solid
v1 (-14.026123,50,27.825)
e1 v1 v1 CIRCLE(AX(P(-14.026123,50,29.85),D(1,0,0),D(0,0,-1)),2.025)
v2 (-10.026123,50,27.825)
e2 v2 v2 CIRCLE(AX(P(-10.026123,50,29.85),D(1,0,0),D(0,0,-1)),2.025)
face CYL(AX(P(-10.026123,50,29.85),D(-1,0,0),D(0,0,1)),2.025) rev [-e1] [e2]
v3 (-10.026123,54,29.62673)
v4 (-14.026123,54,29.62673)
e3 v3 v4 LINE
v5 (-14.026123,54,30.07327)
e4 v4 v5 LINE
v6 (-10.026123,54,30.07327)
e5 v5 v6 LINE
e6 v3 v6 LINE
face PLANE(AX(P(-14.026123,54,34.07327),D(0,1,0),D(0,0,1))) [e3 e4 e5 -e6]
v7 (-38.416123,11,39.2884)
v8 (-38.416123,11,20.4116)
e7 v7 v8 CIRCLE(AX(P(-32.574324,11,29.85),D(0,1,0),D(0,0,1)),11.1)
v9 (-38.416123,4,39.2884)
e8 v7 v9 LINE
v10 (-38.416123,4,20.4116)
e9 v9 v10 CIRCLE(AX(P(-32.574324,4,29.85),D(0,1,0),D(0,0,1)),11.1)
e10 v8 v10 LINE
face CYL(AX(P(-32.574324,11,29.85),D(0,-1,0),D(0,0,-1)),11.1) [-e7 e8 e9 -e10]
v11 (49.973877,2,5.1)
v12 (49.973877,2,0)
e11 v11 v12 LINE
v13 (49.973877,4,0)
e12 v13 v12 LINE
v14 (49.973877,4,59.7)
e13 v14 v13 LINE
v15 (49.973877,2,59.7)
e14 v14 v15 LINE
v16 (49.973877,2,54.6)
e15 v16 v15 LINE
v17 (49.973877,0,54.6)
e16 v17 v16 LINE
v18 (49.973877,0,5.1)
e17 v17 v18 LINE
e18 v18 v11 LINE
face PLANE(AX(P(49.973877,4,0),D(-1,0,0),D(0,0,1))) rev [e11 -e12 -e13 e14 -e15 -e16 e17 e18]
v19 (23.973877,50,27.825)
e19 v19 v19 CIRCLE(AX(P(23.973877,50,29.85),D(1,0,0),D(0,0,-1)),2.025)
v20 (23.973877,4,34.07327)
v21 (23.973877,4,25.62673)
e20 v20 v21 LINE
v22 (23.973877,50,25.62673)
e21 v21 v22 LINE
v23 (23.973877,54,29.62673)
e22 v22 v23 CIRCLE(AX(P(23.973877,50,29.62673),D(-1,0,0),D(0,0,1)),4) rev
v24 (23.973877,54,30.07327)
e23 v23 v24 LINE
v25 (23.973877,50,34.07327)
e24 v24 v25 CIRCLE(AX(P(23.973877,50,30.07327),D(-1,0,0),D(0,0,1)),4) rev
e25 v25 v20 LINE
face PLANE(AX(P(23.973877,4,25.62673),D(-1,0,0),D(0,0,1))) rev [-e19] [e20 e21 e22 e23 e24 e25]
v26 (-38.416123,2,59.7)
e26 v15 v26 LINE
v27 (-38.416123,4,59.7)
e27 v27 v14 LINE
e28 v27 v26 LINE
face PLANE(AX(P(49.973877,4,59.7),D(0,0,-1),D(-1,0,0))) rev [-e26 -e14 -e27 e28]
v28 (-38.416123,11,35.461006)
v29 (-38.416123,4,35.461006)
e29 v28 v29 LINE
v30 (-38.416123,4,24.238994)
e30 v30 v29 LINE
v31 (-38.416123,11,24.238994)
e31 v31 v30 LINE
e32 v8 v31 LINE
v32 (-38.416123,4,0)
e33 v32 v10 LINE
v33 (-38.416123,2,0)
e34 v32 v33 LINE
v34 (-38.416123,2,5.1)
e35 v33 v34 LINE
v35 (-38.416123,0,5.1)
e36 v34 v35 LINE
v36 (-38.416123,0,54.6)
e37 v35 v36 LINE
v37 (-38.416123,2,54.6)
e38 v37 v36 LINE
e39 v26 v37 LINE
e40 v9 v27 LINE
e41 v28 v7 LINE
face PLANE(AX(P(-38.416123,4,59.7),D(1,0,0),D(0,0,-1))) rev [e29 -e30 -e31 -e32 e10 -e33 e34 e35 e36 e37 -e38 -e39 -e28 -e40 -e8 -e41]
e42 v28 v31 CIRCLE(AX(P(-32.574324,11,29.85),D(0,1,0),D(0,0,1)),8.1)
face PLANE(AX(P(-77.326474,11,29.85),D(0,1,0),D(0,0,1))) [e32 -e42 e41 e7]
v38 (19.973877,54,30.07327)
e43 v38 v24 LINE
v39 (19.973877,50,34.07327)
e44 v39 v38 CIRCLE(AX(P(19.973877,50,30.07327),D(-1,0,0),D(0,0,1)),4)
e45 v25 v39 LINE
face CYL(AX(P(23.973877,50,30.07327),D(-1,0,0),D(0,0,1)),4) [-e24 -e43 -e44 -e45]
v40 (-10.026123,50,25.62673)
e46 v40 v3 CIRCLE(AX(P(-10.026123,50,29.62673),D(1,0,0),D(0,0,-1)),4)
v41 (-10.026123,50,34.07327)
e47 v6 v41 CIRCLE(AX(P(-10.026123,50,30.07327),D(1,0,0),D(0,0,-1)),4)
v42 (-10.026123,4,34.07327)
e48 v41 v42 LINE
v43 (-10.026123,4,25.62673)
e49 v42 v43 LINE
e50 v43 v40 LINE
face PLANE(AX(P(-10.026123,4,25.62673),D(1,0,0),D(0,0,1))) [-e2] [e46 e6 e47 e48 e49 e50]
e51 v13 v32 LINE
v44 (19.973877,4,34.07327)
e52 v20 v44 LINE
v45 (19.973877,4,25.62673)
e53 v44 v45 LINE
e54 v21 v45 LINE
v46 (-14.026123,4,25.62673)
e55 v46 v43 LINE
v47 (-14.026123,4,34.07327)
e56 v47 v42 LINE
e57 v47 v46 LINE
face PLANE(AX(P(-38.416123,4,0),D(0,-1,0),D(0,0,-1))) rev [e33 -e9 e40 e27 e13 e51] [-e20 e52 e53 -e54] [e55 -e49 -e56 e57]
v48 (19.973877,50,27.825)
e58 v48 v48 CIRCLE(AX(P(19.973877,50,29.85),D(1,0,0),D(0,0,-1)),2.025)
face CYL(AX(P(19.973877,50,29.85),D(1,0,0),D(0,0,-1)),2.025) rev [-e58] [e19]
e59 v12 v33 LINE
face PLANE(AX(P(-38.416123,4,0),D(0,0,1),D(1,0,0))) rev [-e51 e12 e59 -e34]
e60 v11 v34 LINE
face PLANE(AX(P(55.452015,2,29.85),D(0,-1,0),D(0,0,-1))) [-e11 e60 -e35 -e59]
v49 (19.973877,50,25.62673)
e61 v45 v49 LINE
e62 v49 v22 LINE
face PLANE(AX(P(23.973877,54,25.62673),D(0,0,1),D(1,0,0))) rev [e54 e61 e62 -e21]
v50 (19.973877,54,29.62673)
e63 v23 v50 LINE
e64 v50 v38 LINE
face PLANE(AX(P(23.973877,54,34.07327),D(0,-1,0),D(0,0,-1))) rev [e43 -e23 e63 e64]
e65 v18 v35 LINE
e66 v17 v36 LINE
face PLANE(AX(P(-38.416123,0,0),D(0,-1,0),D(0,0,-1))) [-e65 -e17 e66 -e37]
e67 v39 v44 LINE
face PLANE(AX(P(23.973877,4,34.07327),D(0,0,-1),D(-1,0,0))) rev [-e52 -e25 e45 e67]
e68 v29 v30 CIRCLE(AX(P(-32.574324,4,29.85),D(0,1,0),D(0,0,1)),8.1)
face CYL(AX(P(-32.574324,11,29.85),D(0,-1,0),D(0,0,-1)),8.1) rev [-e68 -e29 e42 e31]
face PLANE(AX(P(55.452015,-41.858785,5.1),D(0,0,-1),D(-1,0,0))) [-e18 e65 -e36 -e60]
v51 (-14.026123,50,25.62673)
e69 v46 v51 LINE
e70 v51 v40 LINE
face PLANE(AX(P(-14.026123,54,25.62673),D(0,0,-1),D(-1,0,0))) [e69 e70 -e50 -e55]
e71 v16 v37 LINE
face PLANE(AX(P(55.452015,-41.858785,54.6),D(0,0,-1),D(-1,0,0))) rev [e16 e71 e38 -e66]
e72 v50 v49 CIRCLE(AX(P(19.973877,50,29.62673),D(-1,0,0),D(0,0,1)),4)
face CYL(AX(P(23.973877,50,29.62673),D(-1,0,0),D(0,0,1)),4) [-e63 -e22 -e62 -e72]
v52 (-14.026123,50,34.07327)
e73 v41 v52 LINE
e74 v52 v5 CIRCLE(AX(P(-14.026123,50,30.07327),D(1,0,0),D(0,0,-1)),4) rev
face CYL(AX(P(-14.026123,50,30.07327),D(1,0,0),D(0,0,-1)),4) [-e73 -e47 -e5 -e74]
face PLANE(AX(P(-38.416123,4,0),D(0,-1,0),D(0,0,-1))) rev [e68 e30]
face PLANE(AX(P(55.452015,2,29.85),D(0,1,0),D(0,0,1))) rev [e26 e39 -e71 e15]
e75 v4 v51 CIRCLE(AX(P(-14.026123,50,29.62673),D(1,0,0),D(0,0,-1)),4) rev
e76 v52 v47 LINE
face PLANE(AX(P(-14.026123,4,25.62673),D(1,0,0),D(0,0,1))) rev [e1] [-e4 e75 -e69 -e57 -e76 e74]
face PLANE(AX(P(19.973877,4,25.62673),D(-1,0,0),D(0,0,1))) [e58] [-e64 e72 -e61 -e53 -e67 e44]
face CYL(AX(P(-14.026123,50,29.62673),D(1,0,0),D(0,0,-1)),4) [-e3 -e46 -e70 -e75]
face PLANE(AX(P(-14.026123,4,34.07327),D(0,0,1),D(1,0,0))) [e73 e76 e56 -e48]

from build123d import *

# Parameters (mm, degrees)
IZIM2_W                     = 88.39
IZIM2_H                     = 59.7
Y_KSEKLIK_EKSTR_ZYON1_DEPTH = 4
Y_KSEKLIK_EKSTR_ZYON2_DEPTH = 7
Y_KSEKLIK_EKSTR_ZYON3_DEPTH = 4
RADYUS2_R                   = 4
IZIM6_R                     = 2.025
KES_EKSTR_ZYON1_DEPTH       = 4
RADYUS2_OF_AYNALAMA1_R      = 4
IZIM10_W                    = 5.1
IZIM10_H                    = 2
KES_EKSTR_ZYON2_DEPTH       = 88.39


with BuildPart() as part:
    # Çizim2 → Yükseklik-Ekstrüzyon1 (new body)
    with BuildSketch(Plane(origin=(0, 0, 0), x_dir=(1, 0, 0), z_dir=(0, 1, 0))):
        with Locations((5.778877035, -29.85)):
            Rectangle(IZIM2_W, IZIM2_H)
    extrude(amount=Y_KSEKLIK_EKSTR_ZYON1_DEPTH)

    # Çizim3 → Yükseklik-Ekstrüzyon2 (add)
    with BuildSketch(Plane(origin=(0, 4, 0), x_dir=(1, 0, 0), z_dir=(0, 1, 0))):
        with BuildLine():
            ThreePointArc((-38.416122965, -39.288399656), (-21.474324276, -29.85), (-38.416122965, -20.411600344))
            Line((-38.416122965, -20.411600344), (-38.416122965, -24.238994023))
            ThreePointArc((-38.416122965, -24.238994023), (-24.474324276, -29.85), (-38.416122965, -35.461005977))
            Line((-38.416122965, -35.461005977), (-38.416122965, -39.288399656))
        make_face()
    extrude(amount=Y_KSEKLIK_EKSTR_ZYON2_DEPTH)

    # Çizim5 → Yükseklik-Ekstrüzyon3 (add)
    with BuildSketch(Plane(origin=(19.973877035, 0, 0), x_dir=(0, 0, -1), z_dir=(1, 0, 0))):
        Polygon((-32.003216554, 4), (-27.696783446, 4), (-25.626729832, 4), (-25.626729832, 54), (-34.073270168, 54), (-34.073270168, 4), align=None)
    y_kseklik_ekstr_zyon3 = extrude(amount=Y_KSEKLIK_EKSTR_ZYON3_DEPTH)

    # Radyus2
    radyus2_edges = [part.edges().sort_by_distance(p)[0] for p in [
        (21.973877035, 54, 25.626729832),
        (21.973877035, 54, 34.073270168),
    ]]
    fillet(radyus2_edges, radius=RADYUS2_R)

    # Çizim6 → Kes-Ekstrüzyon1 (cut)
    with BuildSketch(Plane(origin=(23.973877035, 0, 0), x_dir=(0, 0, -1), z_dir=(1, 0, 0))):
        with Locations((-29.85, 50)):
            Circle(IZIM6_R)
    kes_ekstr_zyon1 = extrude(amount=-KES_EKSTR_ZYON1_DEPTH, mode=Mode.SUBTRACT)

    # Aynalama1: Yükseklik-Ekstrüzyon3, Kes-Ekstrüzyon1 across plane
    add(y_kseklik_ekstr_zyon3.mirror(Plane(origin=(4.973877035, 0, 0), x_dir=(0, 0, 1), z_dir=(1, 0, 0))))
    add(kes_ekstr_zyon1.mirror(Plane(origin=(4.973877035, 0, 0), x_dir=(0, 0, 1), z_dir=(1, 0, 0))), mode=Mode.SUBTRACT)

    # Radyus2 of Aynalama1
    radyus2_of_aynalama1_edges = [part.edges().sort_by_distance(p)[0] for p in [
        (-12.026122965, 54, 25.626729832),
        (-12.026122965, 54, 34.073270168),
    ]]
    fillet(radyus2_of_aynalama1_edges, radius=RADYUS2_OF_AYNALAMA1_R)

    # Çizim10 → Kes-Ekstrüzyon2 (cut)
    with BuildSketch(Plane.ZY.offset(38.416122965)):
        with Locations((2.55, 1)):
            Rectangle(IZIM10_W, IZIM10_H)
        with Locations((57.15, 1)):
            Rectangle(IZIM10_W, IZIM10_H)
    extrude(amount=-KES_EKSTR_ZYON2_DEPTH, mode=Mode.SUBTRACT)


solid = part.part
